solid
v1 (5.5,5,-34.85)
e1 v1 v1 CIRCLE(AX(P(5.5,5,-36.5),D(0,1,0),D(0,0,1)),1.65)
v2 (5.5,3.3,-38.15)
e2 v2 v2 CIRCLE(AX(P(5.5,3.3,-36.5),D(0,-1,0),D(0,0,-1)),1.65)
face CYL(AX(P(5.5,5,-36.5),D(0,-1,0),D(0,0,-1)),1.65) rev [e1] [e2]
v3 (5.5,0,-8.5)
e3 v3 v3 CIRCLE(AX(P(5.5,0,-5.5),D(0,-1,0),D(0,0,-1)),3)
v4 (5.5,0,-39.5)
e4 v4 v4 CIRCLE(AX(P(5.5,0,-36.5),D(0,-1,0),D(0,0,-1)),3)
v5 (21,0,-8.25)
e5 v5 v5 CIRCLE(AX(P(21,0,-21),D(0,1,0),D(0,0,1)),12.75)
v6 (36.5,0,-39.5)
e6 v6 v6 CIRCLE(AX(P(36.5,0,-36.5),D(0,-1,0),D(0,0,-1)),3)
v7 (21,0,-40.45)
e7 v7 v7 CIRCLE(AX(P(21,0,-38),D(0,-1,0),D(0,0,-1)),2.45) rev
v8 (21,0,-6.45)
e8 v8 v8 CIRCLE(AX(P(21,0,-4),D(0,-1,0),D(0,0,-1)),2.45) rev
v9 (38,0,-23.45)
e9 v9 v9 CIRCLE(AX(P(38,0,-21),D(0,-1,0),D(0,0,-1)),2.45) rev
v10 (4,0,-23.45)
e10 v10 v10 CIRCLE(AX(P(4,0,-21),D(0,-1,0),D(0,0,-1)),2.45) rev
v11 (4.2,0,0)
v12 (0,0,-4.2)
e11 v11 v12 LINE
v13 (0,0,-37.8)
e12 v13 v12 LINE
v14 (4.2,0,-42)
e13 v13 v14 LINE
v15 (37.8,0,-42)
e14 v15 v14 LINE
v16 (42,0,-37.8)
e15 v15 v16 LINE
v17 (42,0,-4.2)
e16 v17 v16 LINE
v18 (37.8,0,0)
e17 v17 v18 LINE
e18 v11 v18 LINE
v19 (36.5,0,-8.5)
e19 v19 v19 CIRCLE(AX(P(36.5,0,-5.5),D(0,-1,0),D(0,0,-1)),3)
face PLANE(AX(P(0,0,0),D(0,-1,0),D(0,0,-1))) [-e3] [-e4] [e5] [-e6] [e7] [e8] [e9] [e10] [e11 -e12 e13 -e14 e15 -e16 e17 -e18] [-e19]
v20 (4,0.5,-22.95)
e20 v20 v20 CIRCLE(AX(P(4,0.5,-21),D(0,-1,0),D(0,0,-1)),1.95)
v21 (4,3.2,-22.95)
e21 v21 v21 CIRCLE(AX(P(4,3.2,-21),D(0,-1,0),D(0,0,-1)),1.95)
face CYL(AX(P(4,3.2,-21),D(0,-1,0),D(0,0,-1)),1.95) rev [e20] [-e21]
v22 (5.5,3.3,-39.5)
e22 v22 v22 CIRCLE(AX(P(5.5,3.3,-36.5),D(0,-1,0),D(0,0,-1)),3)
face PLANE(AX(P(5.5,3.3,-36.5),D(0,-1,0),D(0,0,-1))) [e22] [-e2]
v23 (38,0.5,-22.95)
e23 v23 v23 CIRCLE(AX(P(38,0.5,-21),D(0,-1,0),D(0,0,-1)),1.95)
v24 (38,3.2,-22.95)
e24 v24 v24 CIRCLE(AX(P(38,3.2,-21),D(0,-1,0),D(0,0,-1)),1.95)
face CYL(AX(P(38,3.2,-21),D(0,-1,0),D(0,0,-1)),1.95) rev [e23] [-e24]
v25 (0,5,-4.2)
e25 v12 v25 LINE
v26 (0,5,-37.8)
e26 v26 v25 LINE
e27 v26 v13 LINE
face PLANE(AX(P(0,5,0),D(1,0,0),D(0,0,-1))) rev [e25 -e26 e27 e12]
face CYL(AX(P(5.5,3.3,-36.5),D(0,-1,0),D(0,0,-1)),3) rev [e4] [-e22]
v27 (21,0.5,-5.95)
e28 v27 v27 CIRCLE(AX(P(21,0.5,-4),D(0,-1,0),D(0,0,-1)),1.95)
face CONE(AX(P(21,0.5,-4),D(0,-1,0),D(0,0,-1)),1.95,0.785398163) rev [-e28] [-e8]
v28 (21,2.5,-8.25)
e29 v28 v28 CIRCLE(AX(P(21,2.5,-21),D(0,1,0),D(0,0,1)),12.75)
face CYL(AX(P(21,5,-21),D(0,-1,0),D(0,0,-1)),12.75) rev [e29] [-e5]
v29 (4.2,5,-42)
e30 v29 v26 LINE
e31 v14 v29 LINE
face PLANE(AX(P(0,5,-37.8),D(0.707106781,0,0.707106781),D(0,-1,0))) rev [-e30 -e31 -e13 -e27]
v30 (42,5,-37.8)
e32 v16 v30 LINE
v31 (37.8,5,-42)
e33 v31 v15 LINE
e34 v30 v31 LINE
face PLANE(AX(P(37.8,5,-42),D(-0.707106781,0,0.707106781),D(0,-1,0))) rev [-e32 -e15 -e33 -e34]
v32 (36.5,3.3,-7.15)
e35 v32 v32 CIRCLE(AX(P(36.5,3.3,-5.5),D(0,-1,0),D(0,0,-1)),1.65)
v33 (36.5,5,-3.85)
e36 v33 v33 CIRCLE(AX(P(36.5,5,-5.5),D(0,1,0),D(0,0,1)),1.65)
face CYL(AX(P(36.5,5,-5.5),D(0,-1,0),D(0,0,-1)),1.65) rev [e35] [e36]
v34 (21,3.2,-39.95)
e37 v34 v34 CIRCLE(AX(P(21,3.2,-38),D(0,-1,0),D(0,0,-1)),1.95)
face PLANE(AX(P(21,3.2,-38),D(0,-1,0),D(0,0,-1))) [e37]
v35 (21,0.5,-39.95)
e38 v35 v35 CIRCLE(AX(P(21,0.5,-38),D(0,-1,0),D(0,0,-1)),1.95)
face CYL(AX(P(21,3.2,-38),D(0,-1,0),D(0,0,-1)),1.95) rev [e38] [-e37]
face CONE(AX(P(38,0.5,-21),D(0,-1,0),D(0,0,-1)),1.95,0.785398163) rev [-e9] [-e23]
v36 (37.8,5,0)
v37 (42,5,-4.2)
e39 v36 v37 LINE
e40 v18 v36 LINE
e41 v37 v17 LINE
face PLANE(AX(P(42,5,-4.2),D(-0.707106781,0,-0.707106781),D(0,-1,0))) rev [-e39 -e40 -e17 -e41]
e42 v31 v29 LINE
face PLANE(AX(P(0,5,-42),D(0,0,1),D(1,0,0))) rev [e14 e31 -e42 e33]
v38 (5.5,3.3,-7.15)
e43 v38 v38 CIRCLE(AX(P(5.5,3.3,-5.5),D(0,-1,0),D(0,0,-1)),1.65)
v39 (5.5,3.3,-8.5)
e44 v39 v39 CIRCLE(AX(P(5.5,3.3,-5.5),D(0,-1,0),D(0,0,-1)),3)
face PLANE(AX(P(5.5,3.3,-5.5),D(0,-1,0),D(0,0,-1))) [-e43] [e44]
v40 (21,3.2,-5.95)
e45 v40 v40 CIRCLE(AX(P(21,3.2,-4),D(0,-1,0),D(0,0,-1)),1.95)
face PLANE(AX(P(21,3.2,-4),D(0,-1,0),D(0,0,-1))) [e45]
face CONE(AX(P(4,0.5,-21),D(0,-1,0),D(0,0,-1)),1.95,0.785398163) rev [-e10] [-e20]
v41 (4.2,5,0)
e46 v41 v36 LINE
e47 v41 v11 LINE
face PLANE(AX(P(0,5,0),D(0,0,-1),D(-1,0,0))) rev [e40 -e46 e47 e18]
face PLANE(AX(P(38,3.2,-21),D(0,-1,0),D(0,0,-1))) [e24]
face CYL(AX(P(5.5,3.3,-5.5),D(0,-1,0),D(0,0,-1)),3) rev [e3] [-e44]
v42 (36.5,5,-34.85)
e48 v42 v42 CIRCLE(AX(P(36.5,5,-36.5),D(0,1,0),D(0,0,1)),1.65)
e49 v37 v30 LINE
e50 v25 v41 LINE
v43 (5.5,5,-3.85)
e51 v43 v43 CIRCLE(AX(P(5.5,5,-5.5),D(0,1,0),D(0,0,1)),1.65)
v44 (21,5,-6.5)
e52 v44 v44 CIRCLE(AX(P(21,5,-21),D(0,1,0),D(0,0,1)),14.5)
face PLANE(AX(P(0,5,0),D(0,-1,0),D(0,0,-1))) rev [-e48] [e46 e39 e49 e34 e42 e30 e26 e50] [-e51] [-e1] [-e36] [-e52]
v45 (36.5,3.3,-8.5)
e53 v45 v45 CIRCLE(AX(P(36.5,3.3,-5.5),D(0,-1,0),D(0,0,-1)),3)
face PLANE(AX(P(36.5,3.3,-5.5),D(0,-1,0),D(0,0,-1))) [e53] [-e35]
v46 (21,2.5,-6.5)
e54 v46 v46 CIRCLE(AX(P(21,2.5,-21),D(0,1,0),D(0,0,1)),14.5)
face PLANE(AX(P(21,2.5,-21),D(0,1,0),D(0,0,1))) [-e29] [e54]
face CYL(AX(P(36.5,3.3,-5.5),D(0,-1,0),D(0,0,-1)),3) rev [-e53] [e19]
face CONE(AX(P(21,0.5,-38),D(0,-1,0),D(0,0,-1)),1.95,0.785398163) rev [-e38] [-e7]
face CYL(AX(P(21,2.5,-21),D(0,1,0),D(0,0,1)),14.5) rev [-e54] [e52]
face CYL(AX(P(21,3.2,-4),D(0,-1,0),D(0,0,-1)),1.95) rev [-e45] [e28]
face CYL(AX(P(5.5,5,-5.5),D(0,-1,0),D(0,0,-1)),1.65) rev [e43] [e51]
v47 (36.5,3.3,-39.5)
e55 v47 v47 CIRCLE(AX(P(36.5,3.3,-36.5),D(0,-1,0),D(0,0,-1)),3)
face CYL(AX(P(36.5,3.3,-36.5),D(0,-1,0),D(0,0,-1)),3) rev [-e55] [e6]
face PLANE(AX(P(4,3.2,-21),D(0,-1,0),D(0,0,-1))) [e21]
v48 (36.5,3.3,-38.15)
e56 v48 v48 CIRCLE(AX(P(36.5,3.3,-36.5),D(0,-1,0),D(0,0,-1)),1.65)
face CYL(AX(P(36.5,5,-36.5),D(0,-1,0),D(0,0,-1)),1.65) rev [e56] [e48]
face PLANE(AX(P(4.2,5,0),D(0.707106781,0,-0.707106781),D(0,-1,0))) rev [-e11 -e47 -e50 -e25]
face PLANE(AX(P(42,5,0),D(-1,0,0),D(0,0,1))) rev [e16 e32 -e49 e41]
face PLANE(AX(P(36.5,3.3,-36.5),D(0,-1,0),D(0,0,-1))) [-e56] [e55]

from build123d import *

# Parameters (mm, degrees)
SKETCH_1_W          = 42
SKETCH_1_H          = 42
SKETCH_1_R          = 1.65
SKETCH_1_R_2        = 12.75
EXTRUDE_1_DEPTH     = 5
SKETCH_2_R          = 14.5
CUT_EXTRUDE_1_DEPTH = 2.5
CHAMFER_1_SIZE      = 4.2
SKETCH_3_R          = 1.95
CUT_EXTRUDE_2_DEPTH = 3.2
CHAMFER_2_SIZE      = 0.5
SKETCH_4_R          = 3
CUT_EXTRUDE_3_DEPTH = 3.3


with BuildPart() as part:
    # 草图1 → 凸台-拉伸1 (new body)
    with BuildSketch(Plane(origin=(0, 0, 0), x_dir=(1, 0, 0), z_dir=(0, 1, 0))):
        with Locations((21, 21)):
            Rectangle(SKETCH_1_W, SKETCH_1_H)
        with Locations((5.5, 5.5)):
            Circle(SKETCH_1_R, mode=Mode.SUBTRACT)
        with Locations((36.5, 5.5)):
            Circle(SKETCH_1_R, mode=Mode.SUBTRACT)
        with Locations((36.5, 36.5)):
            Circle(SKETCH_1_R, mode=Mode.SUBTRACT)
        with Locations((5.5, 36.5)):
            Circle(SKETCH_1_R, mode=Mode.SUBTRACT)
        with Locations((21, 21)):
            Circle(SKETCH_1_R_2, mode=Mode.SUBTRACT)
    extrude(amount=EXTRUDE_1_DEPTH)

    # 草图2 → 切除-拉伸1 (cut)
    with BuildSketch(Plane(origin=(0, 5, 0), x_dir=(1, 0, 0), z_dir=(0, 1, 0))):
        with Locations((21, 21)):
            Circle(SKETCH_2_R)
    extrude(amount=-CUT_EXTRUDE_1_DEPTH, mode=Mode.SUBTRACT)

    # 倒角1
    chamfer_1_edges = [part.edges().sort_by_distance(p)[0] for p in [
        (0, 2.5, -42),
        (42, 2.5, -42),
        (42, 2.5, 0),
        (0, 2.5, 0),
    ]]
    chamfer(chamfer_1_edges, length=CHAMFER_1_SIZE)

    # 草图3 → 切除-拉伸2 (cut)
    with BuildSketch(Plane.XZ):
        with Locations((38, -21)):
            Circle(SKETCH_3_R)
        with Locations((21, -38)):
            Circle(SKETCH_3_R)
        with Locations((4, -21)):
            Circle(SKETCH_3_R)
        with Locations((21, -4)):
            Circle(SKETCH_3_R)
    extrude(amount=-CUT_EXTRUDE_2_DEPTH, mode=Mode.SUBTRACT)

    # 倒角2
    chamfer_2_edges = [part.edges().sort_by_distance(p)[0] for p in [
        (36.05, 0, -21),
        (19.05, 0, -38),
        (2.05, 0, -21),
        (19.05, 0, -4),
    ]]
    chamfer(chamfer_2_edges, length=CHAMFER_2_SIZE)

    # 草图4 → 切除-拉伸3 (cut)
    with BuildSketch(Plane.XZ):
        with Locations((5.5, -5.5)):
            Circle(SKETCH_4_R)
        with Locations((36.5, -5.5)):
            Circle(SKETCH_4_R)
        with Locations((36.5, -36.5)):
            Circle(SKETCH_4_R)
        with Locations((5.5, -36.5)):
            Circle(SKETCH_4_R)
    extrude(amount=-CUT_EXTRUDE_3_DEPTH, mode=Mode.SUBTRACT)


solid = part.part
